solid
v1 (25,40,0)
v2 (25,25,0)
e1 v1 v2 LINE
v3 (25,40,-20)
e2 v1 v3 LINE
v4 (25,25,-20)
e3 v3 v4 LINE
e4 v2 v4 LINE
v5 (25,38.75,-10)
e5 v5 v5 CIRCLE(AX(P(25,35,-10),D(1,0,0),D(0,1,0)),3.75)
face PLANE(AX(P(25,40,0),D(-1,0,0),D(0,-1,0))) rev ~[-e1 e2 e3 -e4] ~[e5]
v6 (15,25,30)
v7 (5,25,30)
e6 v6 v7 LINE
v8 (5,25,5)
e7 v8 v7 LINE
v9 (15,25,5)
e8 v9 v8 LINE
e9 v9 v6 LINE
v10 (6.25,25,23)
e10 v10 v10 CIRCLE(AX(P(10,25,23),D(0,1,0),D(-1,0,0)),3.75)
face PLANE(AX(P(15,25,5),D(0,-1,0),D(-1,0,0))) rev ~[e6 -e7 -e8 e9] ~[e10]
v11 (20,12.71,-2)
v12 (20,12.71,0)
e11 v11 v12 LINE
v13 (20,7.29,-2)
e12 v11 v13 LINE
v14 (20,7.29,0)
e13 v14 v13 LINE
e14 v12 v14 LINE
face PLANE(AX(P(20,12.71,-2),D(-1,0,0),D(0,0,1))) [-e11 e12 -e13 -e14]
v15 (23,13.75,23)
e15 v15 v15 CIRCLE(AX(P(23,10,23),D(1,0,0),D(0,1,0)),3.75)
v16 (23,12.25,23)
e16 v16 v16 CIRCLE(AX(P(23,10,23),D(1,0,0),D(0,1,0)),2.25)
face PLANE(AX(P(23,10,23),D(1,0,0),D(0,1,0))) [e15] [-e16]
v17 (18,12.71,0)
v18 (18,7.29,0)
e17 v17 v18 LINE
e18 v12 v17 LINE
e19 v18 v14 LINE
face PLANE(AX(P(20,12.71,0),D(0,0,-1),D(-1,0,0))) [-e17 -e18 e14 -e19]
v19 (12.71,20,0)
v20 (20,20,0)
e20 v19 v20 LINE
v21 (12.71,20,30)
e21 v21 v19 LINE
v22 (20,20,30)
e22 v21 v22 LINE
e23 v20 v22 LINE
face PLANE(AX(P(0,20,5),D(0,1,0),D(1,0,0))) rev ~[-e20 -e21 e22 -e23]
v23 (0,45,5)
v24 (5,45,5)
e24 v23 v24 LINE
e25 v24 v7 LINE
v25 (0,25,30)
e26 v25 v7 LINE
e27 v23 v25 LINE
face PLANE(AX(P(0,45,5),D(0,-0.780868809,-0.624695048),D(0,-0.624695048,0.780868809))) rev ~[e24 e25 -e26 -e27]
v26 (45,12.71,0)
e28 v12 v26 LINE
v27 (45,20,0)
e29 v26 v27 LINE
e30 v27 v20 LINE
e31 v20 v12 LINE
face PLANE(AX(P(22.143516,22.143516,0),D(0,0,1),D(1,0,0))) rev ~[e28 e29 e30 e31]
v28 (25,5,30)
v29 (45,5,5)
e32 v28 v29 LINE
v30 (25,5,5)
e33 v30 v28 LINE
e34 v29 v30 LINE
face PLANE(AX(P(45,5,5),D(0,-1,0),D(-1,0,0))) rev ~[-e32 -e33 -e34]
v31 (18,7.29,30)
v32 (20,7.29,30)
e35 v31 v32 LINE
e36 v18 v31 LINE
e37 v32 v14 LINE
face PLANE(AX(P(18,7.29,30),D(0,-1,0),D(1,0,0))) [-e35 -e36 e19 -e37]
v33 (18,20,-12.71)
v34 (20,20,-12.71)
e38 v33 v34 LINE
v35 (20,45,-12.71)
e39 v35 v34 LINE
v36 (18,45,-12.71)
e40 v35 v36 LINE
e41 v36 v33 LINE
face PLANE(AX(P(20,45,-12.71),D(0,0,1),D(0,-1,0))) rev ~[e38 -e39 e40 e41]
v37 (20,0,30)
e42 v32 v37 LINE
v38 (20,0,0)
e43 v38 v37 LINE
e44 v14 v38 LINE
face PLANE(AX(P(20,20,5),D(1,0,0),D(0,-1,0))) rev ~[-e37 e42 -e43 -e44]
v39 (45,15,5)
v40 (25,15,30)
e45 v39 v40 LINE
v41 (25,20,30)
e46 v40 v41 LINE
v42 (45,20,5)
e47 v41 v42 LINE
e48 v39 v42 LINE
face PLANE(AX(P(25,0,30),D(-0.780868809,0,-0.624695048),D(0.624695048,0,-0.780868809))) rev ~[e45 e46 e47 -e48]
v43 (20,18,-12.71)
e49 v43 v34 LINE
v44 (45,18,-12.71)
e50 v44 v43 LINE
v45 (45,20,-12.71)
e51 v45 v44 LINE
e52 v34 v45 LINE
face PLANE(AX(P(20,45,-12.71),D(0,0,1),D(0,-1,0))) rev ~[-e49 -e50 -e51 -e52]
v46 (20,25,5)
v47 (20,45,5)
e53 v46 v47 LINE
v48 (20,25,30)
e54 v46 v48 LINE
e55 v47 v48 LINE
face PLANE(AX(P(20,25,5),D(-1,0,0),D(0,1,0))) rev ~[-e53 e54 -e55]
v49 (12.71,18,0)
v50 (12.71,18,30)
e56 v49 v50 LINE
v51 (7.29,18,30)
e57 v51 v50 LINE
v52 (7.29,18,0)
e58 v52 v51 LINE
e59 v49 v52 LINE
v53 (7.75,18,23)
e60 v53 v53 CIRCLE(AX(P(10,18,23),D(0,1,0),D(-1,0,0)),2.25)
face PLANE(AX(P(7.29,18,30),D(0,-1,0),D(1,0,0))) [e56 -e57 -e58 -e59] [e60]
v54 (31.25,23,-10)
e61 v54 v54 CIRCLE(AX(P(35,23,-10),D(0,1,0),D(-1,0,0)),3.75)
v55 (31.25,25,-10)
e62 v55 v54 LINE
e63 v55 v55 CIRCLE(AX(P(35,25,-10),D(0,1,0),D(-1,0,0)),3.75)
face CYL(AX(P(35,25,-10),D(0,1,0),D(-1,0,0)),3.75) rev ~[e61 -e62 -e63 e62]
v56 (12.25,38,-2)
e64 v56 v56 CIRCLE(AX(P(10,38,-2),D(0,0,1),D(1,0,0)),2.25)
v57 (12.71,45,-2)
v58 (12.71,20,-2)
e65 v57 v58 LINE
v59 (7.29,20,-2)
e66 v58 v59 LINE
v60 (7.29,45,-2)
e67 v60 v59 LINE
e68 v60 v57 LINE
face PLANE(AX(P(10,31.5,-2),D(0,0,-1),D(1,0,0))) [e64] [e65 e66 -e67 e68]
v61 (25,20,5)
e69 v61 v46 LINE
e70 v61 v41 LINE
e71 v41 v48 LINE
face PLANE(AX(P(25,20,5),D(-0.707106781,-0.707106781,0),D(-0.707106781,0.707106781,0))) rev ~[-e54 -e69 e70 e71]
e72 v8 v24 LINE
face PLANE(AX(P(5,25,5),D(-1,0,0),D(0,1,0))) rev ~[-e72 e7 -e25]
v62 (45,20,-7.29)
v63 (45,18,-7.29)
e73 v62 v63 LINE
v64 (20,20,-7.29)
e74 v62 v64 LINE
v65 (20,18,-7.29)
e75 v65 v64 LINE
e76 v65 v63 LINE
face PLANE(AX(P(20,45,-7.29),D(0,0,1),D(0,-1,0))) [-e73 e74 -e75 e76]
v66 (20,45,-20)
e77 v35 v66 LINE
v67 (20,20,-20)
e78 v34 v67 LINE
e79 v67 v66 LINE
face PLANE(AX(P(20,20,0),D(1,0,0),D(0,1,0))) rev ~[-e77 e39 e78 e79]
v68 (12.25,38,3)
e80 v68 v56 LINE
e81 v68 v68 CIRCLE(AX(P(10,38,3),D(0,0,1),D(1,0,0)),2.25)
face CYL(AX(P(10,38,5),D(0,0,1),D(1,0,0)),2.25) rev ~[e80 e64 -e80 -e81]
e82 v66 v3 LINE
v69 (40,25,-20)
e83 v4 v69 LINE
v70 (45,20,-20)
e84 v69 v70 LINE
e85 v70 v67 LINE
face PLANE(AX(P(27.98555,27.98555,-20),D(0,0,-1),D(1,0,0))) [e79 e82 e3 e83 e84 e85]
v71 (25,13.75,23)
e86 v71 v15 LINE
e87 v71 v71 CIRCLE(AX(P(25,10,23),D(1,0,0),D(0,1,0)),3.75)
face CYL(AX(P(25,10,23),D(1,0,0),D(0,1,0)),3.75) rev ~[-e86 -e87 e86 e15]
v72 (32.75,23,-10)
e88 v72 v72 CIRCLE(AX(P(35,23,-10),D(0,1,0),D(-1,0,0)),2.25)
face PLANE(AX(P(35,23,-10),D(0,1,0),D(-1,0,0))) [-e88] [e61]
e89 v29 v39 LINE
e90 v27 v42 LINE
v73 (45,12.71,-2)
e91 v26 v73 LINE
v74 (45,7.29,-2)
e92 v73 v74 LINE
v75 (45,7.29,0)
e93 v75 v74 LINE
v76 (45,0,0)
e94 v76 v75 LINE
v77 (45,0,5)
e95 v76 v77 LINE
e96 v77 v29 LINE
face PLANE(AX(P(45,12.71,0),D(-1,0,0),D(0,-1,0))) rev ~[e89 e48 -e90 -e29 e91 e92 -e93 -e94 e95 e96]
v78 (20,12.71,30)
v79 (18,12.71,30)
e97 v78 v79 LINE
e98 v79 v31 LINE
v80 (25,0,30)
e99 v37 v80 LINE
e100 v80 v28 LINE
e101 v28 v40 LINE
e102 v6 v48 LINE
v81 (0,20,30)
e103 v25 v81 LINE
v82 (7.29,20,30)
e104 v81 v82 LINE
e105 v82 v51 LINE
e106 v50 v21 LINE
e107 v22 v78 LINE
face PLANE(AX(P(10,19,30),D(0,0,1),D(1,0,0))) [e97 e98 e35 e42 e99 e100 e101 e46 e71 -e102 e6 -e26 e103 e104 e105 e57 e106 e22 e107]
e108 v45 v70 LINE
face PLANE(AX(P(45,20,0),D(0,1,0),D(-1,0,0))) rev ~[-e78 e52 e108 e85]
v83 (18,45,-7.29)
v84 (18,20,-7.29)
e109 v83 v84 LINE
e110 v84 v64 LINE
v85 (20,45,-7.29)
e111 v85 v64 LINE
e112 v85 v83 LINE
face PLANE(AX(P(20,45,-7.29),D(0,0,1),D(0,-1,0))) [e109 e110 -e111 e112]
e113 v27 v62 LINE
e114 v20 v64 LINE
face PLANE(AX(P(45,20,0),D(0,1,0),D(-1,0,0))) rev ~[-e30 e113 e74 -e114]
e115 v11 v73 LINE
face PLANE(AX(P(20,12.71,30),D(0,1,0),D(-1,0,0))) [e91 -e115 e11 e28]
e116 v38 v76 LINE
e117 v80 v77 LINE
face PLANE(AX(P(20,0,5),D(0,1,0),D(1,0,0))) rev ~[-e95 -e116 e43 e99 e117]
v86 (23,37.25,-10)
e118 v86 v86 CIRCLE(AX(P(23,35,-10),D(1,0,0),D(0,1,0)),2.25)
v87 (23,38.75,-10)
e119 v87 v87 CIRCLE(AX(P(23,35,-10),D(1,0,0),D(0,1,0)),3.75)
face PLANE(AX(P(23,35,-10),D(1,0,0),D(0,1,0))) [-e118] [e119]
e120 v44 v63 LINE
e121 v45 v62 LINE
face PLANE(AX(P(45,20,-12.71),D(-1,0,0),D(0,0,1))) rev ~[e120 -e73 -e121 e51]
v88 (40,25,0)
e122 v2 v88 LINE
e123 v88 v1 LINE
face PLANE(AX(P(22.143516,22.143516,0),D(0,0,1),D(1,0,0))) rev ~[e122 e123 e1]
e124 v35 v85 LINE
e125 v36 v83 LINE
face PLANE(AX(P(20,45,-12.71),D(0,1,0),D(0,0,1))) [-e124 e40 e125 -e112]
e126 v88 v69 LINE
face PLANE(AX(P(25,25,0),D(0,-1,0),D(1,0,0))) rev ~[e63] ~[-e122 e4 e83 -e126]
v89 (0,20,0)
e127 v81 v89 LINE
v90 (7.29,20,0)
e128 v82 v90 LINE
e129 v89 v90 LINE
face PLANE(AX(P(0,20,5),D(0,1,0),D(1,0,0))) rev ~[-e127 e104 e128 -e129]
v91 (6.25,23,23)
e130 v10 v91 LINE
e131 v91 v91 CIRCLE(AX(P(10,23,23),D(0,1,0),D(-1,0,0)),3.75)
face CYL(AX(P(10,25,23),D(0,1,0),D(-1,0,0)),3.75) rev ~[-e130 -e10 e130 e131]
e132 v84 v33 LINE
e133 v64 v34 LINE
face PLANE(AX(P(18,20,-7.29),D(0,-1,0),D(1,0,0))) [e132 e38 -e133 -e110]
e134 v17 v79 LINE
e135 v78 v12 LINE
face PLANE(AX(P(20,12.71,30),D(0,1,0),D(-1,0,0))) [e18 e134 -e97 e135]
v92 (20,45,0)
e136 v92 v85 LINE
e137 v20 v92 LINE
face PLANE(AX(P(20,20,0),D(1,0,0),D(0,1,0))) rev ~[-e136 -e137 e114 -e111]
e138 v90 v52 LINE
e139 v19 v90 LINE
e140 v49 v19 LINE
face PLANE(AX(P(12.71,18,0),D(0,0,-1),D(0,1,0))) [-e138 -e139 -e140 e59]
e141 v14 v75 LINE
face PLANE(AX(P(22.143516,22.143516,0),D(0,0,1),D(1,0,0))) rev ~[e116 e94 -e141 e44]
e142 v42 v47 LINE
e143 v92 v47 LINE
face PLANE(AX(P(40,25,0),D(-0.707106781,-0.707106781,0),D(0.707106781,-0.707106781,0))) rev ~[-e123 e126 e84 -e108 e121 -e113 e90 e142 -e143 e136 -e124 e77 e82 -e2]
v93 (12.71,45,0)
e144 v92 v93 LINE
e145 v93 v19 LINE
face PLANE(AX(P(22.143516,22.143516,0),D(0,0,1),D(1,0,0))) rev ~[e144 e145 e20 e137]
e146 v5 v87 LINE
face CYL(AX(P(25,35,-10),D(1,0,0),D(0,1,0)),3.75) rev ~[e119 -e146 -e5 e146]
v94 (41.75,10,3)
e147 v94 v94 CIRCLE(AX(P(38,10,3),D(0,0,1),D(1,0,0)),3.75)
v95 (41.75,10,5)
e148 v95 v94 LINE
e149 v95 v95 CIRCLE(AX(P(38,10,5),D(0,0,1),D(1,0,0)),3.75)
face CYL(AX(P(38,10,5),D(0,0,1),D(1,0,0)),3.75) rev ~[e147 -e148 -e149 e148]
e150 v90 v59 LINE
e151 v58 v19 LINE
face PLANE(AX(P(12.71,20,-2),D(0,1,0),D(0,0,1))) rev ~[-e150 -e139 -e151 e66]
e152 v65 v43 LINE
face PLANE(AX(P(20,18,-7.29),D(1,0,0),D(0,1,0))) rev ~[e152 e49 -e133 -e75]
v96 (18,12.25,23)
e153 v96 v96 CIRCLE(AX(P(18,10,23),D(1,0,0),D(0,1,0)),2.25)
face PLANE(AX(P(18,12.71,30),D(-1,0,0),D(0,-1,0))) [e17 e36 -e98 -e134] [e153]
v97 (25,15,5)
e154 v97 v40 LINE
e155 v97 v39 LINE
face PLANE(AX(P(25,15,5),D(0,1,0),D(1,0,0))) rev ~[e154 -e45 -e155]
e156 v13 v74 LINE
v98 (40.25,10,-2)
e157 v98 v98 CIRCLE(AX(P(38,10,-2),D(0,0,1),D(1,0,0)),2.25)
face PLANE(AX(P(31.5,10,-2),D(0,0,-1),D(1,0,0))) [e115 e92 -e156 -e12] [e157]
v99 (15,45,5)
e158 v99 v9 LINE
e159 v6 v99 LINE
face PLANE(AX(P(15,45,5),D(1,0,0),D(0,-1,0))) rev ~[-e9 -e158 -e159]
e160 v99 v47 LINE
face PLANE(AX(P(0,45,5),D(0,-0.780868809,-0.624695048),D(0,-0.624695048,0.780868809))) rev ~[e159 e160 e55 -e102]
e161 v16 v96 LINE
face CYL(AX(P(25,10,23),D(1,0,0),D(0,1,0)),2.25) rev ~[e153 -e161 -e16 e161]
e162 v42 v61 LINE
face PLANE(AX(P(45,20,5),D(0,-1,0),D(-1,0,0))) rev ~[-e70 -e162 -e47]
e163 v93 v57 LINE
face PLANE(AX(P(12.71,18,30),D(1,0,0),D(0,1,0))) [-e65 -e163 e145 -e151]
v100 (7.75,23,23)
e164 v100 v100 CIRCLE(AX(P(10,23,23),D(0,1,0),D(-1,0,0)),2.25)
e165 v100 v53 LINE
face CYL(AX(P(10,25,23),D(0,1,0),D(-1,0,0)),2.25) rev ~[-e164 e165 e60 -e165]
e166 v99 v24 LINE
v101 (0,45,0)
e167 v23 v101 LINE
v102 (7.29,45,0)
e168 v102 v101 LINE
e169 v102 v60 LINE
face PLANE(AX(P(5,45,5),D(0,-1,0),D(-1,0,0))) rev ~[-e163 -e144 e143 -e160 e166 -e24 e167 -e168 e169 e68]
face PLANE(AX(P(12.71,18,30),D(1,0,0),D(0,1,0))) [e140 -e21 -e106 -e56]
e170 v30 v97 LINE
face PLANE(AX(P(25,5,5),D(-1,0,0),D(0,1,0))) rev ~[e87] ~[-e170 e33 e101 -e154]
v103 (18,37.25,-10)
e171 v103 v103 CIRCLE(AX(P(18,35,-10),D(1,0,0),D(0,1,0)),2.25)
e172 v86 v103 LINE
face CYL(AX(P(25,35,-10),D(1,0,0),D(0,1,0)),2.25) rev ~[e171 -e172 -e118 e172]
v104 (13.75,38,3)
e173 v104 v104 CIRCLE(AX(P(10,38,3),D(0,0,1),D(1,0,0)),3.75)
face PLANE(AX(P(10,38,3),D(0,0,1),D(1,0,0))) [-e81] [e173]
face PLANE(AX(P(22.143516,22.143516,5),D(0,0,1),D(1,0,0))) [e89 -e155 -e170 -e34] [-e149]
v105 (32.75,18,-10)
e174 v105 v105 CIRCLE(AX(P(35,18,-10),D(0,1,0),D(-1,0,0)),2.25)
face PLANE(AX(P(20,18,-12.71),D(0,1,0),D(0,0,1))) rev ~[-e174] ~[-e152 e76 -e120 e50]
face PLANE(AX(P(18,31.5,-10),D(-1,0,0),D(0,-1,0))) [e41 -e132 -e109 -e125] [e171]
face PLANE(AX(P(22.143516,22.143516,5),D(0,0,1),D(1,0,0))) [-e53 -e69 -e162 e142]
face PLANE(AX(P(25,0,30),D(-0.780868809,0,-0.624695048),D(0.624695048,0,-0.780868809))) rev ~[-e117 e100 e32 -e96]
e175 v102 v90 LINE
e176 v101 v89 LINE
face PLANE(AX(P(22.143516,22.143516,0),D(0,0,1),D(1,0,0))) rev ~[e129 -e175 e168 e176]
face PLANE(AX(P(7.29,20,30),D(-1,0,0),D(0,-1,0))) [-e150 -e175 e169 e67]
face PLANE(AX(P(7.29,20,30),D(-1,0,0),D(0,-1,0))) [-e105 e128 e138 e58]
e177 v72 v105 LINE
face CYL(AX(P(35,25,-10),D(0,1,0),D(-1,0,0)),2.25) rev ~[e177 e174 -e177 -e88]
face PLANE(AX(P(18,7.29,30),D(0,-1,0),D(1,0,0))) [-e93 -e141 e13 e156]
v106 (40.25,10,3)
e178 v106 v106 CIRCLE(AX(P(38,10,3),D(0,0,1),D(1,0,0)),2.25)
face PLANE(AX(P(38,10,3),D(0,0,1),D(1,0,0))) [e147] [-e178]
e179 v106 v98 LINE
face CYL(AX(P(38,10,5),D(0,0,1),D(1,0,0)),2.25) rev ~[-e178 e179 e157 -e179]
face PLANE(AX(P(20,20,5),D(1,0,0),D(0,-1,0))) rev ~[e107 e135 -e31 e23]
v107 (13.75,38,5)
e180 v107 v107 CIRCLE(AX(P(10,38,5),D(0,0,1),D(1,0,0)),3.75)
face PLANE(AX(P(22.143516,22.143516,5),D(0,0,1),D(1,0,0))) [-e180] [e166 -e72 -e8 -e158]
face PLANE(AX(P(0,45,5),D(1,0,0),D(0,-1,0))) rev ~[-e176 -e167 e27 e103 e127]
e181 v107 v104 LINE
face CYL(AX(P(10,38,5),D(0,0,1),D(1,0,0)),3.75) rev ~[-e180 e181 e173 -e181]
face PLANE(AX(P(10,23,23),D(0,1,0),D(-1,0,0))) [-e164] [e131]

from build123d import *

# Parameters (mm, degrees)
F1_DEPTH  = 5
F3_DEPTH  = 25
F4_DEPTH  = 25
F6_DEPTH  = 45.001
F7_W      = 27
F7_H      = 5.42
F7_W_2    = 5.42
F7_H_2    = 27
F8_DEPTH  = 2
F10_DEPTH = 45.001
F12_DEPTH = 30
F13_R     = 2.25
F14_DEPTH = 7.001
F15_R     = 2.25
F16_DEPTH = 25.001
F17_R     = 2.25
F18_DEPTH = 25.001
F20_DEPTH = 20
F22_DEPTH = 2
F23_W     = 27
F23_H     = 5.42
F24_DEPTH = 2
F25_R     = 2.25
F26_DEPTH = 25.001
F27_R     = 2.25
F28_DEPTH = 25.001
F29_R     = 3.75
F30_DEPTH = 2
F31_R     = 3.75
F32_DEPTH = 2
F33_R     = 3.75
F34_DEPTH = 2
F35_R     = 3.75
F36_DEPTH = 2
F37_R     = 3.75
F38_DEPTH = 2
F39_R     = 3.75
F40_DEPTH = 2
F41_W     = 2
F41_H     = 2
F42_DEPTH = 12.711
F43_W     = 2
F43_H     = 2
F44_DEPTH = 12.711
F45_W     = 2
F45_H     = 2
F46_DEPTH = 12.711


with BuildPart() as f1:
    # F0 (on Top) → F1 (new body)
    with BuildSketch(Plane.XY):
        Polygon((0, 20), (20, 20), (20, 0), (45, 0), (45, 20), (20, 45), (0, 45), align=None)
    extrude(amount=F1_DEPTH)

    # F2 (on face) → F3 (join)
    with BuildSketch(Plane.XY.offset(5)):
        Polygon((0, 25), (0, 20), (20, 20), (20, 0), (25, 0), (45, 0), (45, 5), (25, 5), (25, 15), (45, 15), (45, 20), (25, 20), (20, 25), (20, 45), (15, 45), (15, 25), (5, 25), (5, 45), (0, 45), align=None)
    extrude(amount=F3_DEPTH)

    # F2 (on face) → F4 (join)
    with BuildSketch(Plane.XY.offset(5)):
        Polygon((0, 25), (0, 20), (20, 20), (20, 0), (25, 0), (45, 0), (45, 5), (25, 5), (25, 15), (45, 15), (45, 20), (25, 20), (20, 25), (20, 45), (15, 45), (15, 25), (5, 25), (5, 45), (0, 45), align=None)
    extrude(amount=F4_DEPTH)

    # F5 (on face) → F6 (cut, through all)
    with BuildSketch(Plane(origin=(0, 0, 0), x_dir=(0, -1, 0), z_dir=(-1, 0, 0))):
        Polygon((-45, 30), (-45, 5), (-25, 30), align=None)
    extrude(amount=-F6_DEPTH, mode=Mode.SUBTRACT)

    # F7 (on face) → F8 (join)
    with BuildSketch(Plane(origin=(0, 0, 0), x_dir=(1, 0, 0), z_dir=(0, 0, -1))):
        with Locations((31.5, -10)):
            Rectangle(F7_W, F7_H)
        with Locations((10, -31.5)):
            Rectangle(F7_W_2, F7_H_2)
    extrude(amount=F8_DEPTH)

    # F9 (on face) → F10 (cut, through all)
    with BuildSketch(Plane.XZ):
        Polygon((45, 30), (25, 30), (45, 5), align=None)
    extrude(amount=-F10_DEPTH, mode=Mode.SUBTRACT)

    # F11 (on face) → F12 (join)
    with BuildSketch(Plane.XY.offset(30)):
        Polygon((12.71, 20), (10, 20), (7.29, 20), (7.29, 18), (12.71, 18), align=None)
        Polygon((20, 7.29), (20, 10), (20, 12.71), (18, 12.71), (18, 7.29), align=None)
    extrude(amount=-F12_DEPTH)

    # F13 (on face) → F14 (cut, through all)
    with BuildSketch(Plane.XY.offset(5)):
        with Locations((10, 38)):
            Circle(F13_R)
        with Locations((38, 10)):
            Circle(F13_R)
    extrude(amount=-F14_DEPTH, mode=Mode.SUBTRACT)

    # F15 (on face) → F16 (cut, through all)
    with BuildSketch(Plane(origin=(0, 25, 0), x_dir=(-1, 0, 0), z_dir=(0, 1, 0))):
        with Locations((-10, 23)):
            Circle(F15_R)
    extrude(amount=-F16_DEPTH, mode=Mode.SUBTRACT)

    # F17 (on face) → F18 (cut, through all)
    with BuildSketch(Plane.YZ.offset(25)):
        with Locations((10, 23)):
            Circle(F17_R)
    extrude(amount=-F18_DEPTH, mode=Mode.SUBTRACT)

    # F19 (on face) → F20 (join)
    with BuildSketch(Plane(origin=(0, 0, 0), x_dir=(1, 0, 0), z_dir=(0, 0, -1))):
        Polygon((40, -25), (45, -20), (20, -20), (20, -45), (25, -40), (25, -25), align=None)
    extrude(amount=F20_DEPTH)

    # F21 (on face) → F22 (join)
    with BuildSketch(Plane.XZ.offset(-20)):
        Polygon((45, -12.71), (45, -10), (45, -7.29), (20, -7.29), (20, -12.71), align=None)
    extrude(amount=F22_DEPTH)

    # F23 (on face) → F24 (join)
    with BuildSketch(Plane(origin=(20, 0, 0), x_dir=(0, -1, 0), z_dir=(-1, 0, 0))):
        with Locations((-31.5, -10)):
            Rectangle(F23_W, F23_H)
    extrude(amount=F24_DEPTH)

    # F25 (on face) → F26 (cut, through all)
    with BuildSketch(Plane.YZ.offset(25)):
        with Locations((35, -10)):
            Circle(F25_R)
    extrude(amount=-F26_DEPTH, mode=Mode.SUBTRACT)

    # F27 (on face) → F28 (cut, through all)
    with BuildSketch(Plane(origin=(0, 25, 0), x_dir=(-1, 0, 0), z_dir=(0, 1, 0))):
        with Locations((-35, -10)):
            Circle(F27_R)
    extrude(amount=-F28_DEPTH, mode=Mode.SUBTRACT)

    # F29 (on face) → F30 (cut)
    with BuildSketch(Plane(origin=(0, 25, 0), x_dir=(-1, 0, 0), z_dir=(0, 1, 0))):
        with Locations((-35, -10)):
            Circle(F29_R)
    extrude(amount=-F30_DEPTH, mode=Mode.SUBTRACT)

    # F31 (on face) → F32 (cut)
    with BuildSketch(Plane.YZ.offset(25)):
        with Locations((35, -10)):
            Circle(F31_R)
    extrude(amount=-F32_DEPTH, mode=Mode.SUBTRACT)

    # F33 (on face) → F34 (cut)
    with BuildSketch(Plane(origin=(0, 25, 0), x_dir=(-1, 0, 0), z_dir=(0, 1, 0))):
        with Locations((-10, 23)):
            Circle(F33_R)
    extrude(amount=-F34_DEPTH, mode=Mode.SUBTRACT)

    # F35 (on face) → F36 (cut)
    with BuildSketch(Plane.YZ.offset(25)):
        with Locations((10, 23)):
            Circle(F35_R)
    extrude(amount=-F36_DEPTH, mode=Mode.SUBTRACT)

    # F37 (on face) → F38 (cut)
    with BuildSketch(Plane.XY.offset(5)):
        with Locations((38, 10)):
            Circle(F37_R)
    extrude(amount=-F38_DEPTH, mode=Mode.SUBTRACT)

    # F39 (on face) → F40 (cut)
    with BuildSketch(Plane.XY.offset(5)):
        with Locations((10, 38)):
            Circle(F39_R)
    extrude(amount=-F40_DEPTH, mode=Mode.SUBTRACT)

    # F41 (on face) → F42 (cut, through all)
    with BuildSketch(Plane.XY.offset(-7.29)):
        with Locations((19, 19)):
            Rectangle(F41_W, F41_H)
    extrude(amount=-F42_DEPTH, mode=Mode.SUBTRACT)

    # F43 (on face) → F44 (cut, through all)
    with BuildSketch(Plane.YZ.offset(12.71)):
        with Locations((19, -1)):
            Rectangle(F43_W, F43_H)
    extrude(amount=-F44_DEPTH, mode=Mode.SUBTRACT)

    # F45 (on face) → F46 (cut, through all)
    with BuildSketch(Plane(origin=(0, 12.71, 0), x_dir=(-1, 0, 0), z_dir=(0, 1, 0))):
        with Locations((-19, -1)):
            Rectangle(F45_W, F45_H)
    extrude(amount=-F46_DEPTH, mode=Mode.SUBTRACT)


solid = f1.part
